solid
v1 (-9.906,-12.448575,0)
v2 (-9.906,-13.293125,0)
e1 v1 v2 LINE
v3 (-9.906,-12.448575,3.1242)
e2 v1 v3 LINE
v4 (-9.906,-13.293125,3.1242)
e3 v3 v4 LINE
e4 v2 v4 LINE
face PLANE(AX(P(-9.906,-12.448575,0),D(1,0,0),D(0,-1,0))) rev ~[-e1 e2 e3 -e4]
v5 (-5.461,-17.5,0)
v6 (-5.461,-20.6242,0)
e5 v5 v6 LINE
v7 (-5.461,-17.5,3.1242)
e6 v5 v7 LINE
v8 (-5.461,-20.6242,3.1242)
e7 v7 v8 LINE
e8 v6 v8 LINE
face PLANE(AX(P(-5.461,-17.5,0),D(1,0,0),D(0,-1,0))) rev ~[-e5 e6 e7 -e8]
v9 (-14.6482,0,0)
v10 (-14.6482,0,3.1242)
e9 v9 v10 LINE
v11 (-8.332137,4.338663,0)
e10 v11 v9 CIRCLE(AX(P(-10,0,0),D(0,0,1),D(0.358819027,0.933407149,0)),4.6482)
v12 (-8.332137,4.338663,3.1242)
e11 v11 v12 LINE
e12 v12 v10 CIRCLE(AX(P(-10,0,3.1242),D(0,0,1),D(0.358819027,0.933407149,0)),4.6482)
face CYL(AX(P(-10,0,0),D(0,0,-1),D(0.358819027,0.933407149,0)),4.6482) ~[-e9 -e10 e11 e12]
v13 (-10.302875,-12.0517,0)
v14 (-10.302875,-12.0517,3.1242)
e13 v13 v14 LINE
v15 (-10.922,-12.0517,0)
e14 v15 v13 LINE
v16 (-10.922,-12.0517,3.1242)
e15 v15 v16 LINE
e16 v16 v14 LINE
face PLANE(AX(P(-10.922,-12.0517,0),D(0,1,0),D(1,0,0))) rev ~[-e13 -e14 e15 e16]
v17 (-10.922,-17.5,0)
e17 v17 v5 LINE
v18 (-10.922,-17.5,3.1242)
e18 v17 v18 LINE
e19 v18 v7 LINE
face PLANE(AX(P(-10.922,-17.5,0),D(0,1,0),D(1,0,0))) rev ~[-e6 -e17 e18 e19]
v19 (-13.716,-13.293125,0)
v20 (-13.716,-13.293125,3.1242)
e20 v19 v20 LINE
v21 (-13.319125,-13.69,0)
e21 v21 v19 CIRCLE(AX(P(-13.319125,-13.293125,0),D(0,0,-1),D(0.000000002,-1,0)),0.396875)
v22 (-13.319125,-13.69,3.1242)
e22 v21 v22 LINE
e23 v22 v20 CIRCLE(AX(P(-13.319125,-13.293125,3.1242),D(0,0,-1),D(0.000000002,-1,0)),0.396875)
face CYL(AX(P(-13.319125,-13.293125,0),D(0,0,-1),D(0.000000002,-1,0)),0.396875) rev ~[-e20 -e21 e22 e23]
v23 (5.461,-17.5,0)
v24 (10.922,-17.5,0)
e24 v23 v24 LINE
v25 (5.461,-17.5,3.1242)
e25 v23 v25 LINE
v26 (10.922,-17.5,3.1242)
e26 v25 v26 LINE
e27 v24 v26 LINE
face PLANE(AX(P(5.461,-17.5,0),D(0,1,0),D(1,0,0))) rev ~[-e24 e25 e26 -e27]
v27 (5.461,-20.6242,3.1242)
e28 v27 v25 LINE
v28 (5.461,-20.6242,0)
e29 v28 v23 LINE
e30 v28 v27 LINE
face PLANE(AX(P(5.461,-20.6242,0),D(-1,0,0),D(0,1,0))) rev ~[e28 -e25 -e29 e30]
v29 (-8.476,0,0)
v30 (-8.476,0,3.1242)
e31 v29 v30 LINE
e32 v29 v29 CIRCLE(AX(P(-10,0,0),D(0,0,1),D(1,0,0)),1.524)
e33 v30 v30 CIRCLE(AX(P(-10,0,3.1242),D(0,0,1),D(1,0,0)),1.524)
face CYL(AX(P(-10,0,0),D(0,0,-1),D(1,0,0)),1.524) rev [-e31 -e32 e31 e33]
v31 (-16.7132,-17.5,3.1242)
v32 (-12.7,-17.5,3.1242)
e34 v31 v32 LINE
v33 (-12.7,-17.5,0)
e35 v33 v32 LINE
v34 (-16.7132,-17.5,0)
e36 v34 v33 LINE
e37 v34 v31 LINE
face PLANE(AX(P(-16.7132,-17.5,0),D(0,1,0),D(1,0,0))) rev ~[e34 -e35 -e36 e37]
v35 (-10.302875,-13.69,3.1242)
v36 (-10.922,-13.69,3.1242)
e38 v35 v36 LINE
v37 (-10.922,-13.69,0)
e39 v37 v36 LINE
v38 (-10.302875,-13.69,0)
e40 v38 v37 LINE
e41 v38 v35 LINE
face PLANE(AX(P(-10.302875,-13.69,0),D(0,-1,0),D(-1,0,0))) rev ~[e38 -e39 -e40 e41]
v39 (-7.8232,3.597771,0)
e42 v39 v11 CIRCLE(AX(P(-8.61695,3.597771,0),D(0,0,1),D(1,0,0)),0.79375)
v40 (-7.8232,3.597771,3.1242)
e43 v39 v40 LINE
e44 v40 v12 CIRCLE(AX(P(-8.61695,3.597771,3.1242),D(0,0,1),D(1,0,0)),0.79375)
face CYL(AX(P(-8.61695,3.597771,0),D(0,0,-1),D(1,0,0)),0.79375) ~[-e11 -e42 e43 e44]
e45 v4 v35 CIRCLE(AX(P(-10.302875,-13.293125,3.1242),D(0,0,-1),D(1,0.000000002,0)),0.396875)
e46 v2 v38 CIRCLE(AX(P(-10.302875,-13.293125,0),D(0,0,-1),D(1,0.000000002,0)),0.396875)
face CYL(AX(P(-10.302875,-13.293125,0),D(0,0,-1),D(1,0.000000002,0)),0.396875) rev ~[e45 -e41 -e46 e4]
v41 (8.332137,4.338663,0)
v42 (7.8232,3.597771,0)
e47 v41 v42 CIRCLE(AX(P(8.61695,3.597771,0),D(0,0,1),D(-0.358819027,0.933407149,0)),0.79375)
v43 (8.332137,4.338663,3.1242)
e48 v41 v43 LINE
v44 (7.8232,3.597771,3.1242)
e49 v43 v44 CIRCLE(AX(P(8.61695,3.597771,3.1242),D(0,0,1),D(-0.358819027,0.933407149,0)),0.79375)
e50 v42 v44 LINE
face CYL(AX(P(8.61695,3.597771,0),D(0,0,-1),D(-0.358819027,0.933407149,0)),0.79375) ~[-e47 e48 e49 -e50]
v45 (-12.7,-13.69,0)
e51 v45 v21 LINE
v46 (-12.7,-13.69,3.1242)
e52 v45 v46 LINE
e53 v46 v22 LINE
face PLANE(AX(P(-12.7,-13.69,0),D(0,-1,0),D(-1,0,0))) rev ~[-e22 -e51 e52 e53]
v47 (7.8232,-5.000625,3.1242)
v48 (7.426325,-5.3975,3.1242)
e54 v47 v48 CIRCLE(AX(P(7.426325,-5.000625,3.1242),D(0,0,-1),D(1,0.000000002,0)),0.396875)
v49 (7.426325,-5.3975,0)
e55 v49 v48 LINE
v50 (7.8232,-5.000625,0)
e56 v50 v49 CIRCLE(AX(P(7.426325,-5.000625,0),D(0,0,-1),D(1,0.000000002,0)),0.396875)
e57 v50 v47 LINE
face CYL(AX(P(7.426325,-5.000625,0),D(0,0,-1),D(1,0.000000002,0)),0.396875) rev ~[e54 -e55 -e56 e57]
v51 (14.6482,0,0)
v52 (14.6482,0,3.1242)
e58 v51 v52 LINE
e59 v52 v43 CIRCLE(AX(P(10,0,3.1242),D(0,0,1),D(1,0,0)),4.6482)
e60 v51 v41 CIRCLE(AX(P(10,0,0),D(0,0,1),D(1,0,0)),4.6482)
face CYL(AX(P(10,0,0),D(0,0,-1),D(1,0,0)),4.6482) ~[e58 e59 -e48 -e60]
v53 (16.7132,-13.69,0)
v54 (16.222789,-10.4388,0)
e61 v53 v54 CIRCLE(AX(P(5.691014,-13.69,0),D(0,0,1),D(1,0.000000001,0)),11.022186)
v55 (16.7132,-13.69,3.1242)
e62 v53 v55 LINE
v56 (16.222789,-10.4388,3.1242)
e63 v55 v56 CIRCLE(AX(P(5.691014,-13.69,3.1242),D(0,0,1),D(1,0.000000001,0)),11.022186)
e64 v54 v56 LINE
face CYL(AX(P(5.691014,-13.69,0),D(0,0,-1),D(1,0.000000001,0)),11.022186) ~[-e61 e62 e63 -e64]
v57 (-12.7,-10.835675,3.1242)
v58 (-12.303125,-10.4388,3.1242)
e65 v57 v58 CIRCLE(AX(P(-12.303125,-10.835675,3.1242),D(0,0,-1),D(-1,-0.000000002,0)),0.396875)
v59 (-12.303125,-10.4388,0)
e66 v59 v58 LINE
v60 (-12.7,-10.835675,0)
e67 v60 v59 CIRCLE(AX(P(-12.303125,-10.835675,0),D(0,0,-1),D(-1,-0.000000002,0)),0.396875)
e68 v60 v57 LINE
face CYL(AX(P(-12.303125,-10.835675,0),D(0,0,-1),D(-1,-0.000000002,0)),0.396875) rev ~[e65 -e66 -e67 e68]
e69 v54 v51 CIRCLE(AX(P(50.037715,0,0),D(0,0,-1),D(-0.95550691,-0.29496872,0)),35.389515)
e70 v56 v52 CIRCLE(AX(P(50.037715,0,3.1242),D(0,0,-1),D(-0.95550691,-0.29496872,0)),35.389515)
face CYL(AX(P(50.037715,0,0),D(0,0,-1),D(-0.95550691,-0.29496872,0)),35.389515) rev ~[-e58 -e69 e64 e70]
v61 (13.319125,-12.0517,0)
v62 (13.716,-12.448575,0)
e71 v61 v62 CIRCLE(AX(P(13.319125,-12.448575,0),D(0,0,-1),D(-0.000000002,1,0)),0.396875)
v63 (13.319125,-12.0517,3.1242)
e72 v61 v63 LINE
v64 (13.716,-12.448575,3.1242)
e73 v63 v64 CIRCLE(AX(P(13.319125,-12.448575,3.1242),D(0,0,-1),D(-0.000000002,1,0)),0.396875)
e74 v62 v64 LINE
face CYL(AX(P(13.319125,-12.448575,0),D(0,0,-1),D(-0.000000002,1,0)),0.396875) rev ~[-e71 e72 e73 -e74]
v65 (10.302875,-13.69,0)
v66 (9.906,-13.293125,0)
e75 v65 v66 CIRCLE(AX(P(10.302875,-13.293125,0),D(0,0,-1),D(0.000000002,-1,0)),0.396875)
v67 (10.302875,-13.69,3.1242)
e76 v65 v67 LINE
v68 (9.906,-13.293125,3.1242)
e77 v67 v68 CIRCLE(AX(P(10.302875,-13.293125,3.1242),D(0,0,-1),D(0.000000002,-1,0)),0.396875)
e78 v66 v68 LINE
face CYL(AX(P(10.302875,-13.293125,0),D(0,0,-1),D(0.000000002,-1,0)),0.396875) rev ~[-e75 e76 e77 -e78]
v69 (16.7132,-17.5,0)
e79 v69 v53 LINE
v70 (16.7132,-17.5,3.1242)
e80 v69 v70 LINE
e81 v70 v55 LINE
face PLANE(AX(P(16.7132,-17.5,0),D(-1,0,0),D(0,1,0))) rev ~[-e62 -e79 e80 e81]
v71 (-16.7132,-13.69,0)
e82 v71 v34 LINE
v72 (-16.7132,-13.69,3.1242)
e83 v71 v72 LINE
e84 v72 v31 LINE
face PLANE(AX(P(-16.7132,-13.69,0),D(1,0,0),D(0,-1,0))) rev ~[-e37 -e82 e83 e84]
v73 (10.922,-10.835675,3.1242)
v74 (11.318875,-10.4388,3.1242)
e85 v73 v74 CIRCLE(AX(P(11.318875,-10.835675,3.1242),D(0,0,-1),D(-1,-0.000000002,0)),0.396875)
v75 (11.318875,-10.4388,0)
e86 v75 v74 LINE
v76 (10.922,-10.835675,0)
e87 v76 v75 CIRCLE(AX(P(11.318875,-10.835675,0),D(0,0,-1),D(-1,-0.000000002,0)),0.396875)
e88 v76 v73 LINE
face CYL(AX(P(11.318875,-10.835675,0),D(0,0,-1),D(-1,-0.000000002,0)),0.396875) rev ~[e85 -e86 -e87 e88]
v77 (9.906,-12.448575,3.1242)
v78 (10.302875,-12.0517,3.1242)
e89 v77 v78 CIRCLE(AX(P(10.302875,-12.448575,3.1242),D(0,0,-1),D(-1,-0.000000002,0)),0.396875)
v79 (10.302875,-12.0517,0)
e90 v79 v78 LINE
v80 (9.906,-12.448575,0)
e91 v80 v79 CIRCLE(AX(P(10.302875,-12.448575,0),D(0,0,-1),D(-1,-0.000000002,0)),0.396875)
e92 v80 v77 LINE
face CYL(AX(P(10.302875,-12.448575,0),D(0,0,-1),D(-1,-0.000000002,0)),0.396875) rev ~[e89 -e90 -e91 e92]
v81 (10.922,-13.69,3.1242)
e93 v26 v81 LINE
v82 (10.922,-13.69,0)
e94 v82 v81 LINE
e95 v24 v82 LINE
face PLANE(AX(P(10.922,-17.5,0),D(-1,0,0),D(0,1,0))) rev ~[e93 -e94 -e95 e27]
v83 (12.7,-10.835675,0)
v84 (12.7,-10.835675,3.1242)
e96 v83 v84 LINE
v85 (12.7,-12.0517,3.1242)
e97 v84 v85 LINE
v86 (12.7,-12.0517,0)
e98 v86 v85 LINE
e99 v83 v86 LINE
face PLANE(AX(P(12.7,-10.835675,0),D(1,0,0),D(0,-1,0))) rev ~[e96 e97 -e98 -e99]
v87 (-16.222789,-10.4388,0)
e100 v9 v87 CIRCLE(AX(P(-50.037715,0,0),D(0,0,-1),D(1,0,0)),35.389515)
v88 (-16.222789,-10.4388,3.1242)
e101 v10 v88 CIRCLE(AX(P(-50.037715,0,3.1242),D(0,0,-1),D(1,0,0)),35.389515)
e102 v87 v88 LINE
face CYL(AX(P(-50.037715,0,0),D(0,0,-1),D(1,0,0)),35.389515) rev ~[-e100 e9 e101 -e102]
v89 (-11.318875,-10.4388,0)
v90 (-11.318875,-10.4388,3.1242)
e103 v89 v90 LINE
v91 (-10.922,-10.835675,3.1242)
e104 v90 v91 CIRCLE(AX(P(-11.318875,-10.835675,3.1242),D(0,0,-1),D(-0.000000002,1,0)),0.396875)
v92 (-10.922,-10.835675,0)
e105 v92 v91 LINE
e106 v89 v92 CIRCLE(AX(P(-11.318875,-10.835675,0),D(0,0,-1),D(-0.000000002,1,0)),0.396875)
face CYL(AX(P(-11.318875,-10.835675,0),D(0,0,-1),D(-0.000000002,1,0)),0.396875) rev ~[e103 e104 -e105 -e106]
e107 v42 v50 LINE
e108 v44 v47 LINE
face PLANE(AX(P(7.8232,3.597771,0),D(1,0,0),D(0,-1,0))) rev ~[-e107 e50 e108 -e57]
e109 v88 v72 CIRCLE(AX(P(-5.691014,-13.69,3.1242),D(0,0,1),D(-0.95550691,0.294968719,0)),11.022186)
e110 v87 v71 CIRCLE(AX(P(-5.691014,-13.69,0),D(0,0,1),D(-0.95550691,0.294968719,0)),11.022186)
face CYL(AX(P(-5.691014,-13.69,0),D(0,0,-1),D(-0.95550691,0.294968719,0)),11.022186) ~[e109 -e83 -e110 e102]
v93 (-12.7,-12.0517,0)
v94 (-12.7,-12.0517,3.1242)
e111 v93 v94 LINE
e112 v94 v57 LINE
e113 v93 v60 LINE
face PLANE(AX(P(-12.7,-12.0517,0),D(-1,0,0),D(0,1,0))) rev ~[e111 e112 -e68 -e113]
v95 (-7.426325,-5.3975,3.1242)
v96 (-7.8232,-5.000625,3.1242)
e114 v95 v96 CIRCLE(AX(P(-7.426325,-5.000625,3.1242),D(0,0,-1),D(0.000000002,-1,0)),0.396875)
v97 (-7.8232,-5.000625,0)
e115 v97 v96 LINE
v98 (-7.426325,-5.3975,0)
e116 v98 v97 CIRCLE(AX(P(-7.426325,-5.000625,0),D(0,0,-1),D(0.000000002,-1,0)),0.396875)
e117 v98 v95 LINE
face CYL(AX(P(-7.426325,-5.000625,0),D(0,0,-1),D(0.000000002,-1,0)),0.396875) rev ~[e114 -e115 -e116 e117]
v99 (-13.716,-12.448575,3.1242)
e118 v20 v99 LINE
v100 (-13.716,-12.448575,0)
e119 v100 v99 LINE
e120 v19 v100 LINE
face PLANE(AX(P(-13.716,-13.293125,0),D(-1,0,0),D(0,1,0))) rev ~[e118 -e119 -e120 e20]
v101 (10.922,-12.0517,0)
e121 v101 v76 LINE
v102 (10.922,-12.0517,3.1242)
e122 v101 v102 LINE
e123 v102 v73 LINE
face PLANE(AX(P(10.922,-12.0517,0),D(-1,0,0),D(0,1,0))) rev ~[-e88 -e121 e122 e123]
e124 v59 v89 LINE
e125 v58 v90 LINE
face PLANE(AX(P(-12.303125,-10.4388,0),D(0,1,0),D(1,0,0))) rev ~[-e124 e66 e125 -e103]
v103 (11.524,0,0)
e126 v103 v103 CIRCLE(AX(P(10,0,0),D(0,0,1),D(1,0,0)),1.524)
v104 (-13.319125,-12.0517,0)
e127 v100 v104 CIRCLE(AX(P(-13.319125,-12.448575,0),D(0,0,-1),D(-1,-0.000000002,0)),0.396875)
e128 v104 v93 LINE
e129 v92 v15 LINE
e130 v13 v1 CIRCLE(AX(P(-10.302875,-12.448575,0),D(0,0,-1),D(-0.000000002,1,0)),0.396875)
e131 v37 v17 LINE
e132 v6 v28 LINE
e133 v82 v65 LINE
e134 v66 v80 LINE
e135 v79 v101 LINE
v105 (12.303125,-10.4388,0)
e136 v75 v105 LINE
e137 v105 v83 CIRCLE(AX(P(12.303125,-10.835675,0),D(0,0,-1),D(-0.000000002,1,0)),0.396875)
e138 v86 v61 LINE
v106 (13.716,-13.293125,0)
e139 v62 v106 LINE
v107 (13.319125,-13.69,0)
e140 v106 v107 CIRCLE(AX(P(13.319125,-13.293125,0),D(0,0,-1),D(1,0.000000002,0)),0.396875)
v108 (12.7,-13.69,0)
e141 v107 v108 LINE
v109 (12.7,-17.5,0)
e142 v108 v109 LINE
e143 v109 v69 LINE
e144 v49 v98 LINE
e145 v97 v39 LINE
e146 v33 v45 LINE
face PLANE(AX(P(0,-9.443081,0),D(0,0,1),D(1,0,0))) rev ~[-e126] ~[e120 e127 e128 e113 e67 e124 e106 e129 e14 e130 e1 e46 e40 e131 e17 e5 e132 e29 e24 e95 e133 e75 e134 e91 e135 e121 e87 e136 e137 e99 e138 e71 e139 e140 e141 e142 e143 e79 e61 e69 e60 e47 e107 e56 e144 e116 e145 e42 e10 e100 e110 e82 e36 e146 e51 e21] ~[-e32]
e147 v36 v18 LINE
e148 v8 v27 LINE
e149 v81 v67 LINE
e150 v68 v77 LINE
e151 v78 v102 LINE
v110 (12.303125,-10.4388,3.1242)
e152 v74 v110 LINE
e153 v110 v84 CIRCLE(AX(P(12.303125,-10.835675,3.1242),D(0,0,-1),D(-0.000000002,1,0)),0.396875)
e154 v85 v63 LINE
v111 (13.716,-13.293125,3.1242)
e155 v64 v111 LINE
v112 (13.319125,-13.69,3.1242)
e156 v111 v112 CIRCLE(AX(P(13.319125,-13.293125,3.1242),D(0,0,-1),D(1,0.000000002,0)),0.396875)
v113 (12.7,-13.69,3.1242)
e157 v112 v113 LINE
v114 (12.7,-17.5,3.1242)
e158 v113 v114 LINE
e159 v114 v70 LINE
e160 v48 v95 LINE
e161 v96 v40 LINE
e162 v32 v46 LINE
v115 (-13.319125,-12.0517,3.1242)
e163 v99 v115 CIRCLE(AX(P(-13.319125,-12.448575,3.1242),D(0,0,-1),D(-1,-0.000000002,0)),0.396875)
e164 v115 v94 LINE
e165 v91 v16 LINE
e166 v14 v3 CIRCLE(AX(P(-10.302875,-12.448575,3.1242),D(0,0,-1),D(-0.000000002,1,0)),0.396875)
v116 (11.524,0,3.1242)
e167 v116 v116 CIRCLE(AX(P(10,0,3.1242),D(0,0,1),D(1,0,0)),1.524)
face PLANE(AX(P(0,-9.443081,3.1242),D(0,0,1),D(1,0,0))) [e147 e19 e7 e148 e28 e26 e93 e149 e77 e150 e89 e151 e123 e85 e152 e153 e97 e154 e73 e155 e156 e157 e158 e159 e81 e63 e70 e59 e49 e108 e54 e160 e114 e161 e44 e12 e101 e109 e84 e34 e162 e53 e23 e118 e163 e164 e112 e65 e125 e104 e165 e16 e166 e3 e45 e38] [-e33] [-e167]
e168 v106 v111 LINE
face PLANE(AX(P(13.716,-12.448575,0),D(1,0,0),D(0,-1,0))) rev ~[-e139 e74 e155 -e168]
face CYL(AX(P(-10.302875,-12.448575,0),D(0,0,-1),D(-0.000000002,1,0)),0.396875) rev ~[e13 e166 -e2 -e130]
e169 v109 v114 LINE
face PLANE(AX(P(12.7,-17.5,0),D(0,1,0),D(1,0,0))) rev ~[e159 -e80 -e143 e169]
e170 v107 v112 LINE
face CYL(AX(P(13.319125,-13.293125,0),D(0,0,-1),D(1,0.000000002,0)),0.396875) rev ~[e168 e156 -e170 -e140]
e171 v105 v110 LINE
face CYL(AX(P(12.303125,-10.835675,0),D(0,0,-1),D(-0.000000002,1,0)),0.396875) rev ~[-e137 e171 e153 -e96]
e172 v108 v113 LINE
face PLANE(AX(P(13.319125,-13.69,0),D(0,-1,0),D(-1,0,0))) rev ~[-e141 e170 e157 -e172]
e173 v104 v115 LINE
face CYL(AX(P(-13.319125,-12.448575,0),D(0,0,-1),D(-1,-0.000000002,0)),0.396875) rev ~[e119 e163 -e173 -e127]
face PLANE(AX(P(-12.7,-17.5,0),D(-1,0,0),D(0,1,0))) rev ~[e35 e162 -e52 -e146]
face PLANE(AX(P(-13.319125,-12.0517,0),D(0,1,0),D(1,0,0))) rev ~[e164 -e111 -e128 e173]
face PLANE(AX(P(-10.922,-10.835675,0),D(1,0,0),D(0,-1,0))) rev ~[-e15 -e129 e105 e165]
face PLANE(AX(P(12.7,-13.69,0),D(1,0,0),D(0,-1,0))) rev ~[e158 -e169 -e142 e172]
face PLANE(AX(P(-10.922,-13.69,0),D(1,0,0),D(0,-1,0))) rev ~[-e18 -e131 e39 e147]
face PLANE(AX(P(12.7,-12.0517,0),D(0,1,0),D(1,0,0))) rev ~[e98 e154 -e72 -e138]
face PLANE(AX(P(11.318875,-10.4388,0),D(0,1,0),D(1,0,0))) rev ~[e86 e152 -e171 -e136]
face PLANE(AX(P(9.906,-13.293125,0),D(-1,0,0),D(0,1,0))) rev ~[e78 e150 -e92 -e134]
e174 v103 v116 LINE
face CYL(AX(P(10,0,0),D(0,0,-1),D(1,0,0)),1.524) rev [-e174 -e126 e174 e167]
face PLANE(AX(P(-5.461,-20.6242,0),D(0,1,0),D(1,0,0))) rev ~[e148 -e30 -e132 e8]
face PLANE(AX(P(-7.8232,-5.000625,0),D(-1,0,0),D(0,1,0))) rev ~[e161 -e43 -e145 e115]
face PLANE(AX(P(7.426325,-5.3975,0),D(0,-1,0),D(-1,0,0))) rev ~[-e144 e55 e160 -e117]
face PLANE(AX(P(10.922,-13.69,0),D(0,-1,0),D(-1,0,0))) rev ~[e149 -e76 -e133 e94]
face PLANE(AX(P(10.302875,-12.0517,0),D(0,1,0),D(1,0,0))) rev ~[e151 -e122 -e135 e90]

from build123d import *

# Parameters (mm, degrees)
CROQUIS1_R              = 1.524
SALIENTE_EXTRUIR1_DEPTH = 3.1242


with BuildPart() as part:
    # Croquis1 → Saliente-Extruir1 (new body)
    with BuildSketch(Plane.XY):
        with BuildLine():
            ThreePointArc((8.332137397, 4.338663109), (7.962691234, 4.047198075), (7.8232, 3.597771185))
            Line((7.8232, 3.597771185), (7.8232, -5.000625))
            ThreePointArc((7.8232, -5.000625), (7.706958004, -5.281258004), (7.426325, -5.3975))
            Line((7.426325, -5.3975), (-7.426325, -5.3975))
            ThreePointArc((-7.426325, -5.3975), (-7.706958004, -5.281258004), (-7.8232, -5.000625))
            Line((-7.8232, -5.000625), (-7.8232, 3.597771185))
            ThreePointArc((-7.8232, 3.597771185), (-7.962691234, 4.047198075), (-8.332137397, 4.338663109))
            ThreePointArc((-8.332137397, 4.338663109), (-12.631843868, 3.831339334), (-14.6482, 0))
            ThreePointArc((-14.6482, 0), (-15.044061243, -5.278443796), (-16.222788897, -10.4388))
            ThreePointArc((-16.222788897, -10.4388), (-16.58990766, -12.046010608), (-16.7132, -13.69))
            Line((-16.7132, -13.69), (-16.7132, -17.5))
            Line((-16.7132, -17.5), (-12.7, -17.5))
            Line((-12.7, -17.5), (-12.7, -13.69))
            Line((-12.7, -13.69), (-13.319125, -13.69))
            ThreePointArc((-13.319125, -13.69), (-13.599758004, -13.573758004), (-13.716, -13.293125))
            Line((-13.716, -13.293125), (-13.716, -12.448575))
            ThreePointArc((-13.716, -12.448575), (-13.599758004, -12.167941996), (-13.319125, -12.0517))
            Line((-13.319125, -12.0517), (-12.7, -12.0517))
            Line((-12.7, -12.0517), (-12.7, -10.835675))
            ThreePointArc((-12.7, -10.835675), (-12.583758004, -10.555041996), (-12.303125, -10.4388))
            Line((-12.303125, -10.4388), (-11.318875, -10.4388))
            ThreePointArc((-11.318875, -10.4388), (-11.038241996, -10.555041996), (-10.922, -10.835675))
            Line((-10.922, -10.835675), (-10.922, -12.0517))
            Line((-10.922, -12.0517), (-10.302875, -12.0517))
            ThreePointArc((-10.302875, -12.0517), (-10.022241996, -12.167941996), (-9.906, -12.448575))
            Line((-9.906, -12.448575), (-9.906, -13.293125))
            ThreePointArc((-9.906, -13.293125), (-10.022241996, -13.573758004), (-10.302875, -13.69))
            Line((-10.302875, -13.69), (-10.922, -13.69))
            Line((-10.922, -13.69), (-10.922, -17.5))
            Line((-10.922, -17.5), (-5.461, -17.5))
            Line((-5.461, -17.5), (-5.461, -20.6242))
            Line((-5.461, -20.6242), (5.461, -20.6242))
            Line((5.461, -20.6242), (5.461, -17.5))
            Line((5.461, -17.5), (10.922, -17.5))
            Line((10.922, -17.5), (10.922, -13.69))
            Line((10.922, -13.69), (10.302875, -13.69))
            ThreePointArc((10.302875, -13.69), (10.022241996, -13.573758004), (9.906, -13.293125))
            Line((9.906, -13.293125), (9.906, -12.448575))
            ThreePointArc((9.906, -12.448575), (10.022241996, -12.167941996), (10.302875, -12.0517))
            Line((10.302875, -12.0517), (10.922, -12.0517))
            Line((10.922, -12.0517), (10.922, -10.835675))
            ThreePointArc((10.922, -10.835675), (11.038241996, -10.555041996), (11.318875, -10.4388))
            Line((11.318875, -10.4388), (12.303125, -10.4388))
            ThreePointArc((12.303125, -10.4388), (12.583758004, -10.555041996), (12.7, -10.835675))
            Line((12.7, -10.835675), (12.7, -12.0517))
            Line((12.7, -12.0517), (13.319125, -12.0517))
            ThreePointArc((13.319125, -12.0517), (13.599758004, -12.167941996), (13.716, -12.448575))
            Line((13.716, -12.448575), (13.716, -13.293125))
            ThreePointArc((13.716, -13.293125), (13.599758004, -13.573758004), (13.319125, -13.69))
            Line((13.319125, -13.69), (12.7, -13.69))
            Line((12.7, -13.69), (12.7, -17.5))
            Line((12.7, -17.5), (16.7132, -17.5))
            Line((16.7132, -17.5), (16.7132, -13.69))
            ThreePointArc((16.7132, -13.69), (16.58990766, -12.046010608), (16.222788897, -10.4388))
            ThreePointArc((16.222788897, -10.4388), (15.044061243, -5.278443796), (14.6482, 0))
            ThreePointArc((14.6482, 0), (12.631843868, 3.831339334), (8.332137397, 4.338663109))
        make_face()
        with Locations((10, 0)):
            Circle(CROQUIS1_R, mode=Mode.SUBTRACT)
        with Locations((-10, 0)):
            Circle(CROQUIS1_R, mode=Mode.SUBTRACT)
    extrude(amount=SALIENTE_EXTRUIR1_DEPTH)


solid = part.part
